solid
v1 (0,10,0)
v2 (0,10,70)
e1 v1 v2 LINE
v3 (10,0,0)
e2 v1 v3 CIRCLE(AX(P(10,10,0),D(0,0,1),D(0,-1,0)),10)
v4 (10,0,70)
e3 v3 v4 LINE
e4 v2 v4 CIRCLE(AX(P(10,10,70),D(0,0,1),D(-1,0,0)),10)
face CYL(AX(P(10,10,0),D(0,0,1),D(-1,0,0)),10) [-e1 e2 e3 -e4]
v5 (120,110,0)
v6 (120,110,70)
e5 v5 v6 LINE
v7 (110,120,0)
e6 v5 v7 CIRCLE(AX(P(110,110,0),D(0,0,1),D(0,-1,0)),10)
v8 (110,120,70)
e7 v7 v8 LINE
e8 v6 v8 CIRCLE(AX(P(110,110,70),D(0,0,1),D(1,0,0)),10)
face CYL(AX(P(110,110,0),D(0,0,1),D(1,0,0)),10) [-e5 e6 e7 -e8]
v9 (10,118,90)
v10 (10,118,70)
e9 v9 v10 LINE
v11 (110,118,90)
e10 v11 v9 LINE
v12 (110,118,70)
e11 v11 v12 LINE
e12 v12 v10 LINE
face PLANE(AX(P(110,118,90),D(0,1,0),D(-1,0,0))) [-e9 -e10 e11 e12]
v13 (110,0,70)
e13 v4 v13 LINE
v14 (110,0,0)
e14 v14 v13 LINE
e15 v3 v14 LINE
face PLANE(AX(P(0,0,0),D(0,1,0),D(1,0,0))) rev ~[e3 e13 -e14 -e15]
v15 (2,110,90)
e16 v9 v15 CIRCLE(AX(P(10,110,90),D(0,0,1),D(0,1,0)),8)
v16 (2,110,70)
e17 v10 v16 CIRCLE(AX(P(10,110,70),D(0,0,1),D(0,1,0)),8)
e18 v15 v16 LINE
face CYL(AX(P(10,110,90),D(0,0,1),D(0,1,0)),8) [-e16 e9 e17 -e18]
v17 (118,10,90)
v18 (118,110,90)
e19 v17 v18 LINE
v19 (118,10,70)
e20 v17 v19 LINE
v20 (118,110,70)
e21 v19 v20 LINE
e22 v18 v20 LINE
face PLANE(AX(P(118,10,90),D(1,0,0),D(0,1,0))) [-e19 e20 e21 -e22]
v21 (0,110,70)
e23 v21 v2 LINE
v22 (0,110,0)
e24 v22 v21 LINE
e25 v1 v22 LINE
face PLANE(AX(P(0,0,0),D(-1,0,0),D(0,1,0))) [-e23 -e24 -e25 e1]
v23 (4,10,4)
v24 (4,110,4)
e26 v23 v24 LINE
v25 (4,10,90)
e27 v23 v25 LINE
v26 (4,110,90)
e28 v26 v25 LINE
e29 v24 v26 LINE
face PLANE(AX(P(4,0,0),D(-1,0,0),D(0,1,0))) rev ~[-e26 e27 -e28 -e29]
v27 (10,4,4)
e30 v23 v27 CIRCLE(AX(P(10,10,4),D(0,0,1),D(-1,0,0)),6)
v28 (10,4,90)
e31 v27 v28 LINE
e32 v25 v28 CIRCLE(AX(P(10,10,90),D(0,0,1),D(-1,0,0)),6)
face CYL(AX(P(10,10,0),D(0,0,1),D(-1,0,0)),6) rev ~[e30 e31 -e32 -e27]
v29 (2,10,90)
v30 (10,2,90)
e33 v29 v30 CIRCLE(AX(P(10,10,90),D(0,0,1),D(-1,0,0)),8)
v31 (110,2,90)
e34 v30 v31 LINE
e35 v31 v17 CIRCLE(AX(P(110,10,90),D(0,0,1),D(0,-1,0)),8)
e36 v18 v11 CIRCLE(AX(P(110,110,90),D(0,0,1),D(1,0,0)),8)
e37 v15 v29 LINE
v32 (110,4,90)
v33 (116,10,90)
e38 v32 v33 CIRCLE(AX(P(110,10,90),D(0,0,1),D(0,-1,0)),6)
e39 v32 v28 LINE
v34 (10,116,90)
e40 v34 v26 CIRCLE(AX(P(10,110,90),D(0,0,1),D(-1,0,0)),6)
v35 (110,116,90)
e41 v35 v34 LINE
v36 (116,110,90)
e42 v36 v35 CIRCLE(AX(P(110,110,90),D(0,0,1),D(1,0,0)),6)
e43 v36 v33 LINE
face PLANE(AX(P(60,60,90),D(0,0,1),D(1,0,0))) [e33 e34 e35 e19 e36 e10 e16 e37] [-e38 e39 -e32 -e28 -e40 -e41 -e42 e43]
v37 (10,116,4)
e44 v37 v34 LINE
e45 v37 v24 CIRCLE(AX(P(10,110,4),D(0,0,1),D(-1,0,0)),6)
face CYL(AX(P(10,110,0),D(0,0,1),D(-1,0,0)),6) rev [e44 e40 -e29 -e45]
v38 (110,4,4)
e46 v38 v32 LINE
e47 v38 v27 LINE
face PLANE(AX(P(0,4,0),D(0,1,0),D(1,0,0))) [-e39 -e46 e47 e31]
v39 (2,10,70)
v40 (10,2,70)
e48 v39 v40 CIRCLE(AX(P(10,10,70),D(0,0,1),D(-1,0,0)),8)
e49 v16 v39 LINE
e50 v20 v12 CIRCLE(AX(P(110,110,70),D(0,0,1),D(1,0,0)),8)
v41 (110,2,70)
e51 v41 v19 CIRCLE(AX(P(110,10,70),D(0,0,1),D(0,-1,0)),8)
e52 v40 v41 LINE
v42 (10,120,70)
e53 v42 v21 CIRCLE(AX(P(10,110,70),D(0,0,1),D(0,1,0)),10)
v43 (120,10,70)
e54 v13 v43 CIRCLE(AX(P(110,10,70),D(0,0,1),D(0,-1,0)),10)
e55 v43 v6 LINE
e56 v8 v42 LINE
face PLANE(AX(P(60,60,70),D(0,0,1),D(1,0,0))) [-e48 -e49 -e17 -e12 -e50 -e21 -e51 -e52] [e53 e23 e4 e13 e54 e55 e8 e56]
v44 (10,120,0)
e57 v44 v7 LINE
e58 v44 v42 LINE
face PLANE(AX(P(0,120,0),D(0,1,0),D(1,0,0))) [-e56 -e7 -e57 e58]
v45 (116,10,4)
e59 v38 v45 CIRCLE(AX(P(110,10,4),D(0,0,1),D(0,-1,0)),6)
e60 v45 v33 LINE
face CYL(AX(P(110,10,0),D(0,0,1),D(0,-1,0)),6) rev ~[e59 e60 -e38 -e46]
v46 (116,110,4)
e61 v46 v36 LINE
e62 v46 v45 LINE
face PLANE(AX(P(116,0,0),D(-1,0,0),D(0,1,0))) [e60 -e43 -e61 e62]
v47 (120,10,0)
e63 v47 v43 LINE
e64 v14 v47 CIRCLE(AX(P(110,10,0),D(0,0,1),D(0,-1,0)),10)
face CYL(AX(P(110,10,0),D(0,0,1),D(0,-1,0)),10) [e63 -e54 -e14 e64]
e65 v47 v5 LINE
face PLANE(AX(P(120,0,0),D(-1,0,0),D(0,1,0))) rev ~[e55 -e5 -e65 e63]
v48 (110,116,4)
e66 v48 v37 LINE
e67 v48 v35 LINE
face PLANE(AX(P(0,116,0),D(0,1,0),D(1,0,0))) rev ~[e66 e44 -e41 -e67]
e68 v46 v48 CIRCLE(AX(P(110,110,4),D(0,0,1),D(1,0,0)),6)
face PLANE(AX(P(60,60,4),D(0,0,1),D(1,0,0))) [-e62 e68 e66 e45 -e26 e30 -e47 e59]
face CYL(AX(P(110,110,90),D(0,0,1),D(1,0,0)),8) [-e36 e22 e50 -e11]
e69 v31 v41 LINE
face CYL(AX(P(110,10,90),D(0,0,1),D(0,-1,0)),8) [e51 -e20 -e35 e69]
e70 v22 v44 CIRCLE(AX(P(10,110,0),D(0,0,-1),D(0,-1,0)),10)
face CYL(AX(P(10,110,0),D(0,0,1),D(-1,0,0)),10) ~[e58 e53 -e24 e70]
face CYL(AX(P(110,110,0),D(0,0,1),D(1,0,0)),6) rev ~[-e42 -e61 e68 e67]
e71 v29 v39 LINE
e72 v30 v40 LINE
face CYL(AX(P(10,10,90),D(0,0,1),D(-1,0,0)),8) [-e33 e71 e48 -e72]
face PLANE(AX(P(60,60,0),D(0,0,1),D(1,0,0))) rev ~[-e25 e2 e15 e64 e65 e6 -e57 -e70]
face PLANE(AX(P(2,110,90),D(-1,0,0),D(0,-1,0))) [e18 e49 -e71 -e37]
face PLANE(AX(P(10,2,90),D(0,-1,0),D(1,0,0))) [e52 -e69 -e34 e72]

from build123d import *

# Parameters (mm, degrees)
SKETCH2_W               = 120
SKETCH2_H               = 120
BOSS_EXTRUDE1_DEPTH     = 90
FILLET1_R               = 10
SHELL2_T                = -4
CUT_EXTRUDE3_DEPTH      = 20
CUT_EXTRUDE3_DEPTH_BACK = 20


with BuildPart() as part:
    # Sketch2 → Boss-Extrude1 (new body)
    with BuildSketch(Plane.XY):
        with Locations((60, 60)):
            Rectangle(SKETCH2_W, SKETCH2_H)
    extrude(amount=BOSS_EXTRUDE1_DEPTH)

    # Fillet1
    fillet1_edges = [part.edges().sort_by_distance(p)[0] for p in [
        (0, 120, 45),
        (120, 120, 45),
        (120, 0, 45),
        (0, 0, 45),
    ]]
    fillet(fillet1_edges, radius=FILLET1_R)

    # Shell2
    shell2_openings = [part.faces().sort_by_distance(p)[0] for p in [
        (60, 60, 90),
    ]]
    offset(amount=SHELL2_T, openings=shell2_openings, kind=Kind.INTERSECTION)

    # Sketch3 → Cut-Extrude3 (cut, two sides)
    with BuildSketch(Plane.XY.offset(90)) as cut_extrude3_sk:
        with BuildLine():
            Line((10, 0), (110, 0))
            ThreePointArc((110, 0), (117.071067812, 2.928932188), (120, 10))
            Line((120, 10), (120, 110))
            ThreePointArc((120, 110), (117.071067812, 117.071067812), (110, 120))
            Line((110, 120), (10, 120))
            ThreePointArc((10, 120), (2.928932188, 117.071067812), (0, 110))
            Line((0, 110), (0, 10))
            ThreePointArc((0, 10), (2.928932188, 2.928932188), (10, 0))
        make_face()
        with BuildLine():
            Line((10, 2), (110, 2))
            ThreePointArc((110, 2), (115.656854249, 4.343145751), (118, 10))
            Line((118, 10), (118, 110))
            ThreePointArc((118, 110), (115.656854249, 115.656854249), (110, 118))
            Line((110, 118), (10, 118))
            ThreePointArc((10, 118), (4.343145751, 115.656854249), (2, 110))
            Line((2, 110), (2, 10))
            ThreePointArc((2, 10), (4.343145751, 4.343145751), (10, 2))
        make_face(mode=Mode.SUBTRACT)
    extrude(amount=CUT_EXTRUDE3_DEPTH, mode=Mode.SUBTRACT)
    extrude(cut_extrude3_sk.sketch, amount=-CUT_EXTRUDE3_DEPTH_BACK, mode=Mode.SUBTRACT)


solid = part.part
